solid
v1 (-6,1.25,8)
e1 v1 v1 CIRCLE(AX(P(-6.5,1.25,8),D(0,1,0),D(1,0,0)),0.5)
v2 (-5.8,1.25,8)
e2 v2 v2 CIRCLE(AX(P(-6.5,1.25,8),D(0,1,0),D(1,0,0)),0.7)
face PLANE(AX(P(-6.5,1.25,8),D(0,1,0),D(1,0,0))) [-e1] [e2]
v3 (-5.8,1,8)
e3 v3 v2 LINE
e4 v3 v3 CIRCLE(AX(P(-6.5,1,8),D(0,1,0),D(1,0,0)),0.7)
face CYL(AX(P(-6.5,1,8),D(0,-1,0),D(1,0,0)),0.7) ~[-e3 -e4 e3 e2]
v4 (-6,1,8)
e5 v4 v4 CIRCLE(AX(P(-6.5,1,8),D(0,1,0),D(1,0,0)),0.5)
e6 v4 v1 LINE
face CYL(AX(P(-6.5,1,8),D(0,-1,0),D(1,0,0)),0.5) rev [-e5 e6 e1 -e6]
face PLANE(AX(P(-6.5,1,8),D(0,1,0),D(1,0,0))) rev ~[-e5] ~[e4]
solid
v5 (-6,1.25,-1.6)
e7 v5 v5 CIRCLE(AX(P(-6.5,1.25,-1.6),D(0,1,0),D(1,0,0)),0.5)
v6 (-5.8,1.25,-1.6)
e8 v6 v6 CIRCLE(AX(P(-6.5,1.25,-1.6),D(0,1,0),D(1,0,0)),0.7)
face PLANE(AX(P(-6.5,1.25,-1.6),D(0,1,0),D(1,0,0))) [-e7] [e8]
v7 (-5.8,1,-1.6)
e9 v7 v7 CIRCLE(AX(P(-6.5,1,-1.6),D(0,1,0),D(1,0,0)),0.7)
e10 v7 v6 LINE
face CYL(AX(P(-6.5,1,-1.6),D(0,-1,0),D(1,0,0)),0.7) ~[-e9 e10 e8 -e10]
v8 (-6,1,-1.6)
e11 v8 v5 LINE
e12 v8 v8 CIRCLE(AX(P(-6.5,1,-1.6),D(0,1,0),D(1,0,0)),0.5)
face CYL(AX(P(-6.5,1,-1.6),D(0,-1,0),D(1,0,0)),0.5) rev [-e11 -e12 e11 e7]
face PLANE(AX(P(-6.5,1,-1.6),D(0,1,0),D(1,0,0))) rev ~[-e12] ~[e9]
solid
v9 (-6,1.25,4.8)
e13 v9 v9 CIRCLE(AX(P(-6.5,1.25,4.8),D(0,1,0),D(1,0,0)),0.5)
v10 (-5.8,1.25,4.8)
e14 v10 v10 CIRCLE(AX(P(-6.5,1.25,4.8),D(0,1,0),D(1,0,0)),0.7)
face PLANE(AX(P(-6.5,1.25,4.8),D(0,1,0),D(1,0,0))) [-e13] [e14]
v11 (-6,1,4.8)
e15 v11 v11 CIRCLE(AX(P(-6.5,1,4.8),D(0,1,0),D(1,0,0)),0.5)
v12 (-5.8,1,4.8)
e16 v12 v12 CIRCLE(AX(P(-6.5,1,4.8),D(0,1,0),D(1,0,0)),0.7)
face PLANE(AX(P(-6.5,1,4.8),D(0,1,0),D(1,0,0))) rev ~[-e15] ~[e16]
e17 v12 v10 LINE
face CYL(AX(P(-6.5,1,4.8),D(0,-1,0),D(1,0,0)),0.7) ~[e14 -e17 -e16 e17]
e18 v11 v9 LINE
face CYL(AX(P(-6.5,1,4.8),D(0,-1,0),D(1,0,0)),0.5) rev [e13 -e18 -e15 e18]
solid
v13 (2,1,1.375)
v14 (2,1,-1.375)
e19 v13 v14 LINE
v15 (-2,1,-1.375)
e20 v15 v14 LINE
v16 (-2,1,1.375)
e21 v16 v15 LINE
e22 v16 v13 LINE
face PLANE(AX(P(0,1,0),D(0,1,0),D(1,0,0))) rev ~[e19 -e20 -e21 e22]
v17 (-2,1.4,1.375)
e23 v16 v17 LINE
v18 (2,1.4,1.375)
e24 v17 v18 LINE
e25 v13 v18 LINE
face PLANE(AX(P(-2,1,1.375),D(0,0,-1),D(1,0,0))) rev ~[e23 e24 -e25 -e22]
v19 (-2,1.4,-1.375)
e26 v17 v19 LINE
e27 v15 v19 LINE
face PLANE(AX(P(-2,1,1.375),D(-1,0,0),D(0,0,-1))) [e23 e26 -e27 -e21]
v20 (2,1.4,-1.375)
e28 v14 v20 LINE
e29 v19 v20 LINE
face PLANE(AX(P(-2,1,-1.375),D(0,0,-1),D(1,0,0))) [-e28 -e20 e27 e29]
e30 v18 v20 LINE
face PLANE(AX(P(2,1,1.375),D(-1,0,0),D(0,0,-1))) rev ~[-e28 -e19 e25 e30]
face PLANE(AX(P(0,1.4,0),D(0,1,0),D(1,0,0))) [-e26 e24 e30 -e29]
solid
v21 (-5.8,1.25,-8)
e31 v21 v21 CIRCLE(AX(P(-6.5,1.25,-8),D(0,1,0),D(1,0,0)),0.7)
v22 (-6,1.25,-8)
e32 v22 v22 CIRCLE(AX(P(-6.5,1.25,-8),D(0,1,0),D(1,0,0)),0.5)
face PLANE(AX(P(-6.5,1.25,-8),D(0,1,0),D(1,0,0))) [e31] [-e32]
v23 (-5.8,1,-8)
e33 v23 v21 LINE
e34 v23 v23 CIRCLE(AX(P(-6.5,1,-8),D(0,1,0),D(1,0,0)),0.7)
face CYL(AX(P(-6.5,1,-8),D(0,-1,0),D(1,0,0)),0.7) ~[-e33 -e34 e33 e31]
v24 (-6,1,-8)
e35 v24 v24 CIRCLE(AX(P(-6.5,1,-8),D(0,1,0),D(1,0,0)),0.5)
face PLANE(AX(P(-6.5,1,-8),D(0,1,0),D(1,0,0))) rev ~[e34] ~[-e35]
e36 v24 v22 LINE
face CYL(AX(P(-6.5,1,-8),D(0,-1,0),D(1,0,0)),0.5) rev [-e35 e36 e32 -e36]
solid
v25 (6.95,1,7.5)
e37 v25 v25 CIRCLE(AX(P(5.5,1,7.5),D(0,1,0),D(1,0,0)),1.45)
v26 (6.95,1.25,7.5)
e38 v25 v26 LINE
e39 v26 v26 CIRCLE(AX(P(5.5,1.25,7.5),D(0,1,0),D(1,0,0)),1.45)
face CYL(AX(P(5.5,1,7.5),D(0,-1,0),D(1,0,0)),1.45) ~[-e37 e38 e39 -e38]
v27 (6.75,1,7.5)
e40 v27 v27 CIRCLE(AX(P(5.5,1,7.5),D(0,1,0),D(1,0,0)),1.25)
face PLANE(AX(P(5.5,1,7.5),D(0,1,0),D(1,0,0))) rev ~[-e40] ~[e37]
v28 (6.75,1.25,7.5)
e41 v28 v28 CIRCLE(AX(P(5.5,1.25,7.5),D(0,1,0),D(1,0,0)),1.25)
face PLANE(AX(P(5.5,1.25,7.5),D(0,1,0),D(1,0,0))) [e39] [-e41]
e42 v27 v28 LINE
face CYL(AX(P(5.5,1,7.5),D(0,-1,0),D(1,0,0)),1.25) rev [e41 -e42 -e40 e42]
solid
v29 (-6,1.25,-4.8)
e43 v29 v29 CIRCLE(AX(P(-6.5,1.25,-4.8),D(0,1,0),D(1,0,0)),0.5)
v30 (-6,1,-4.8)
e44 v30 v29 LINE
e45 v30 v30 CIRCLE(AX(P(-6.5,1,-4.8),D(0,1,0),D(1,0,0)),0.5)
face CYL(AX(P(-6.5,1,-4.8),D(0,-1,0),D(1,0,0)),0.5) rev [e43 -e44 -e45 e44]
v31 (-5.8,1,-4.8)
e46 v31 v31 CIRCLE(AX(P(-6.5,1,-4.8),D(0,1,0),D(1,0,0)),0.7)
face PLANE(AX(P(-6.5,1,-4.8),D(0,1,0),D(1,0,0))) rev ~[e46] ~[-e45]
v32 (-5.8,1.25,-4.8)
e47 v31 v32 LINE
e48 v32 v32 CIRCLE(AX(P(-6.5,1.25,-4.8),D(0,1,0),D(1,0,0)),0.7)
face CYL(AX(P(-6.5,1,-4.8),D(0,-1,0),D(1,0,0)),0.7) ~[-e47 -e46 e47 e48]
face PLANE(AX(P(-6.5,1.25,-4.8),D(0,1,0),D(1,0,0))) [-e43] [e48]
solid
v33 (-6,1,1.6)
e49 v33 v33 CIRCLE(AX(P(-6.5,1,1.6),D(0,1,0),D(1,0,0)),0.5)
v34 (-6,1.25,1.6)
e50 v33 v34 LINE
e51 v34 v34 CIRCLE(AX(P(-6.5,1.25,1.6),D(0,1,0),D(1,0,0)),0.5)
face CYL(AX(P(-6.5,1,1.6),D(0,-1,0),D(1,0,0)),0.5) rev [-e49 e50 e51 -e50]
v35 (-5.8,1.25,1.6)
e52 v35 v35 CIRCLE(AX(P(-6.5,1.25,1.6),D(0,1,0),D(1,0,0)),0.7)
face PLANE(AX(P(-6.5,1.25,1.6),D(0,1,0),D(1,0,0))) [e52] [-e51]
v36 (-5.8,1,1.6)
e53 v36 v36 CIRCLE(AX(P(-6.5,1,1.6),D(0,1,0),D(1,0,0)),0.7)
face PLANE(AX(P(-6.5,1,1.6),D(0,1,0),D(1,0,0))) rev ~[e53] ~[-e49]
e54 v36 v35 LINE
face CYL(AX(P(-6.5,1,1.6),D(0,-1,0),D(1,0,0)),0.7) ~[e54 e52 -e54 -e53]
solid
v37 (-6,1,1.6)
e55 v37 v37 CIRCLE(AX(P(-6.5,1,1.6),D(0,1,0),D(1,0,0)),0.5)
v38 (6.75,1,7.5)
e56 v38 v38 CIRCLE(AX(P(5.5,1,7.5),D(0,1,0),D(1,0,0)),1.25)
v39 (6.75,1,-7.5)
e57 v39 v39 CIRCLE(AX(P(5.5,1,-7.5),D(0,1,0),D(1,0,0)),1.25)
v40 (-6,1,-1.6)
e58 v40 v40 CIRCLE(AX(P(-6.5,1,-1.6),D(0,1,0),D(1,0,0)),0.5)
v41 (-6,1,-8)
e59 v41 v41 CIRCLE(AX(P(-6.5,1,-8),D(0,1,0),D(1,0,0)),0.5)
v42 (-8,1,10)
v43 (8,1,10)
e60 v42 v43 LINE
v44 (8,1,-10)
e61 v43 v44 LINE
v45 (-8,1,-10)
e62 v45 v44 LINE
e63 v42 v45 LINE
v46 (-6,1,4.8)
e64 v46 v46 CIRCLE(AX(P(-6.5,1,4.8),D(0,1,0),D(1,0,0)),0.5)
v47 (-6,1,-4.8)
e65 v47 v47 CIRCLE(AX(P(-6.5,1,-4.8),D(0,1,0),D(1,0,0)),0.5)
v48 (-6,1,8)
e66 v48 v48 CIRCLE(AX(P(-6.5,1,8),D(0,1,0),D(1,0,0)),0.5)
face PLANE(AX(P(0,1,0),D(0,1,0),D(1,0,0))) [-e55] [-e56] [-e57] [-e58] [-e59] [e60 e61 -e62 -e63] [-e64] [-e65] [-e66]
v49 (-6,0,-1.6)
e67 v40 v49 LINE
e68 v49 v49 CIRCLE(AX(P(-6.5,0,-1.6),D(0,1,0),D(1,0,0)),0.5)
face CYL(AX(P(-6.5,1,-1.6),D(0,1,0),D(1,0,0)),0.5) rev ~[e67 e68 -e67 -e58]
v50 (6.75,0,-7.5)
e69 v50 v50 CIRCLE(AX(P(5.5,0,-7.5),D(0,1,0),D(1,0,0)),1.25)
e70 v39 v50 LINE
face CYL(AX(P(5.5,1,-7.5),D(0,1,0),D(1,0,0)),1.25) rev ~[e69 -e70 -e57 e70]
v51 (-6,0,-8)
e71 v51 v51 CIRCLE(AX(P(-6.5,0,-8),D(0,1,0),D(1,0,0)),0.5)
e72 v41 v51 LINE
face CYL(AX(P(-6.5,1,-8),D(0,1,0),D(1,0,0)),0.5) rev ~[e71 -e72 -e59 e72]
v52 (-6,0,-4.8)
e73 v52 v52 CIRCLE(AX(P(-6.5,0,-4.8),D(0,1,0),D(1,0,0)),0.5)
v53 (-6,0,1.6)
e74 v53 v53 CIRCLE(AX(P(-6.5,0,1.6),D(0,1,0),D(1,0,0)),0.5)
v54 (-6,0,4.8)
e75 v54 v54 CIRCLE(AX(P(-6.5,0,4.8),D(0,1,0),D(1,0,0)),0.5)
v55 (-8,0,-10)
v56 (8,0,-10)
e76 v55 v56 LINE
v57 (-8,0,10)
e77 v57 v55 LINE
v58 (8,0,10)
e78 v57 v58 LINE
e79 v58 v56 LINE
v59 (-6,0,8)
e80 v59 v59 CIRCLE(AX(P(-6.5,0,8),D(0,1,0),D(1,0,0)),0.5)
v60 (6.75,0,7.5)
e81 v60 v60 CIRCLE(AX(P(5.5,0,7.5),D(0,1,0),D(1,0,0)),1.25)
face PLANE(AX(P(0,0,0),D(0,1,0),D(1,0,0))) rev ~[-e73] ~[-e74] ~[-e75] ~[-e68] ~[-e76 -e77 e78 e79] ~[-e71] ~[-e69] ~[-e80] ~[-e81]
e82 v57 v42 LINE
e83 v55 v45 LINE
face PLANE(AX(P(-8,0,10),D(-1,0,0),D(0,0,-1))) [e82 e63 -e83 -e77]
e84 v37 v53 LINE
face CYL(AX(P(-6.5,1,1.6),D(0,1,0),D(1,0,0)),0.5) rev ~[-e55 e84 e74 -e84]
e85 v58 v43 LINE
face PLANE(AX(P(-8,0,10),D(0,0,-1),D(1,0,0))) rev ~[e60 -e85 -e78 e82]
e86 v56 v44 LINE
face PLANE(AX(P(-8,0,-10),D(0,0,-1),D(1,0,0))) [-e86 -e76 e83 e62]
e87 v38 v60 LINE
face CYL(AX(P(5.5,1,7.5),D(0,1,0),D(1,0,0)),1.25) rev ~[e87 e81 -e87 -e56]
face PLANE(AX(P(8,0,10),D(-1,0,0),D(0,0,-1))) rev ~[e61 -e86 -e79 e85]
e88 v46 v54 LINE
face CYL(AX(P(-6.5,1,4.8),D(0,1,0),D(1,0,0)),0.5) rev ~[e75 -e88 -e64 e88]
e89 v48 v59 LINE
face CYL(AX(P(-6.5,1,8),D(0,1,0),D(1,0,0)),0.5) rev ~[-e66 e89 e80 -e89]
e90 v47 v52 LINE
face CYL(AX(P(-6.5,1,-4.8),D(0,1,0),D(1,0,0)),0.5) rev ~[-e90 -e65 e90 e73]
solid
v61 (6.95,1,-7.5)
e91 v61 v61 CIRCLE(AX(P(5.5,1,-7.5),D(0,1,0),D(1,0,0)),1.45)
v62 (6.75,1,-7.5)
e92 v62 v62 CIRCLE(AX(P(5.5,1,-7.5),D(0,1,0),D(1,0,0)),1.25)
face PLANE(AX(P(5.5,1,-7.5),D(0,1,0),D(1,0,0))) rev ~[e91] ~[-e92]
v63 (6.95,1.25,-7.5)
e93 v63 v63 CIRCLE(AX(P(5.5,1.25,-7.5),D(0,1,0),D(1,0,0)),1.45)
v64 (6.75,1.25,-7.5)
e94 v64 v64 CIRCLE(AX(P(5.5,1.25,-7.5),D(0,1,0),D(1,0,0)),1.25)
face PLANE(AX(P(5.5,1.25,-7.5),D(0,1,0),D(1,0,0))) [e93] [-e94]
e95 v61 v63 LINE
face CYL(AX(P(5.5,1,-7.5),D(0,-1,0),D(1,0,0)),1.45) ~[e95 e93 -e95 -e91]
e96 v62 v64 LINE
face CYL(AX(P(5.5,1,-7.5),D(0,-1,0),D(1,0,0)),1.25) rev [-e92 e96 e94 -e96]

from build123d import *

# Parameters (mm, degrees)
SKETCH1_W             = 16
SKETCH1_H             = 20
BOSS_EXTRUDE1_DEPTH   = 1
SKETCH2_R             = 0.5
SKETCH2_R_2           = 1.25
CUT_EXTRUDE1_DEPTH    = 1
SKETCH3_R             = 1.45
SKETCH3_R_2           = 1.25
BOSS_EXTRUDE2_DEPTH   = 0.25
BOSS_EXTRUDE2_2_DEPTH = 0.25
SKETCH3_R_3           = 0.7
SKETCH3_R_4           = 0.5
BOSS_EXTRUDE2_3_DEPTH = 0.25
BOSS_EXTRUDE2_4_DEPTH = 0.25
BOSS_EXTRUDE2_5_DEPTH = 0.25
BOSS_EXTRUDE2_6_DEPTH = 0.25
BOSS_EXTRUDE2_7_DEPTH = 0.25
BOSS_EXTRUDE2_8_DEPTH = 0.25
SKETCH4_W             = 4
SKETCH4_H             = 2.75
BOSS_EXTRUDE3_DEPTH   = 0.4


with BuildPart() as part:
    # Sketch1 → Boss-Extrude1 (new body)
    with BuildSketch(Plane(origin=(0, 0, 0), x_dir=(1, 0, 0), z_dir=(0, 1, 0))):
        Rectangle(SKETCH1_W, SKETCH1_H)
    extrude(amount=BOSS_EXTRUDE1_DEPTH)

    # Sketch2 → Cut-Extrude1 (cut)
    with BuildSketch(Plane(origin=(0, 1, 0), x_dir=(1, 0, 0), z_dir=(0, 1, 0))):
        with Locations((-6.5, 8)):
            Circle(SKETCH2_R)
        with Locations((-6.5, 4.8)):
            Circle(SKETCH2_R)
        with Locations((-6.5, 1.6)):
            Circle(SKETCH2_R)
        with Locations((-6.5, -1.6)):
            Circle(SKETCH2_R)
        with Locations((-6.5, -4.8)):
            Circle(SKETCH2_R)
        with Locations((-6.5, -8)):
            Circle(SKETCH2_R)
        with Locations((5.5, 7.5)):
            Circle(SKETCH2_R_2)
        with Locations((5.5, -7.5)):
            Circle(SKETCH2_R_2)
    extrude(amount=-CUT_EXTRUDE1_DEPTH, mode=Mode.SUBTRACT)


with BuildPart() as body_2:
    # Sketch3 → Boss-Extrude2 (new body)
    with BuildSketch(Plane(origin=(0, 1, 0), x_dir=(1, 0, 0), z_dir=(0, 1, 0))):
        with Locations((5.5, -7.5)):
            Circle(SKETCH3_R)
        with Locations((5.5, -7.5)):
            Circle(SKETCH3_R_2, mode=Mode.SUBTRACT)
    extrude(amount=BOSS_EXTRUDE2_DEPTH)


with BuildPart() as body_3:
    # Sketch3 → Boss-Extrude2 2 (new body)
    with BuildSketch(Plane(origin=(0, 1, 0), x_dir=(1, 0, 0), z_dir=(0, 1, 0))):
        with Locations((5.5, 7.5)):
            Circle(SKETCH3_R)
        with Locations((5.5, 7.5)):
            Circle(SKETCH3_R_2, mode=Mode.SUBTRACT)
    extrude(amount=BOSS_EXTRUDE2_2_DEPTH)


with BuildPart() as body_4:
    # Sketch3 → Boss-Extrude2 3 (new body)
    with BuildSketch(Plane(origin=(0, 1, 0), x_dir=(1, 0, 0), z_dir=(0, 1, 0))):
        with Locations((-6.5, -8)):
            Circle(SKETCH3_R_3)
        with Locations((-6.5, -8)):
            Circle(SKETCH3_R_4, mode=Mode.SUBTRACT)
    extrude(amount=BOSS_EXTRUDE2_3_DEPTH)


with BuildPart() as body_5:
    # Sketch3 → Boss-Extrude2 4 (new body)
    with BuildSketch(Plane(origin=(0, 1, 0), x_dir=(1, 0, 0), z_dir=(0, 1, 0))):
        with Locations((-6.5, -4.8)):
            Circle(SKETCH3_R_3)
        with Locations((-6.5, -4.8)):
            Circle(SKETCH3_R_4, mode=Mode.SUBTRACT)
    extrude(amount=BOSS_EXTRUDE2_4_DEPTH)


with BuildPart() as body_6:
    # Sketch3 → Boss-Extrude2 5 (new body)
    with BuildSketch(Plane(origin=(0, 1, 0), x_dir=(1, 0, 0), z_dir=(0, 1, 0))):
        with Locations((-6.5, -1.6)):
            Circle(SKETCH3_R_3)
        with Locations((-6.5, -1.6)):
            Circle(SKETCH3_R_4, mode=Mode.SUBTRACT)
    extrude(amount=BOSS_EXTRUDE2_5_DEPTH)


with BuildPart() as body_7:
    # Sketch3 → Boss-Extrude2 6 (new body)
    with BuildSketch(Plane(origin=(0, 1, 0), x_dir=(1, 0, 0), z_dir=(0, 1, 0))):
        with Locations((-6.5, 1.6)):
            Circle(SKETCH3_R_3)
        with Locations((-6.5, 1.6)):
            Circle(SKETCH3_R_4, mode=Mode.SUBTRACT)
    extrude(amount=BOSS_EXTRUDE2_6_DEPTH)


with BuildPart() as body_8:
    # Sketch3 → Boss-Extrude2 7 (new body)
    with BuildSketch(Plane(origin=(0, 1, 0), x_dir=(1, 0, 0), z_dir=(0, 1, 0))):
        with Locations((-6.5, 4.8)):
            Circle(SKETCH3_R_3)
        with Locations((-6.5, 4.8)):
            Circle(SKETCH3_R_4, mode=Mode.SUBTRACT)
    extrude(amount=BOSS_EXTRUDE2_7_DEPTH)


with BuildPart() as body_9:
    # Sketch3 → Boss-Extrude2 8 (new body)
    with BuildSketch(Plane(origin=(0, 1, 0), x_dir=(1, 0, 0), z_dir=(0, 1, 0))):
        with Locations((-6.5, 8)):
            Circle(SKETCH3_R_3)
        with Locations((-6.5, 8)):
            Circle(SKETCH3_R_4, mode=Mode.SUBTRACT)
    extrude(amount=BOSS_EXTRUDE2_8_DEPTH)


with BuildPart() as body_10:
    # Sketch4 → Boss-Extrude3 (new body)
    with BuildSketch(Plane(origin=(0, 1, 0), x_dir=(1, 0, 0), z_dir=(0, 1, 0))):
        Rectangle(SKETCH4_W, SKETCH4_H)
    extrude(amount=BOSS_EXTRUDE3_DEPTH)


solid = Compound([part.part, body_2.part, body_3.part, body_4.part, body_5.part, body_6.part, body_7.part, body_8.part, body_9.part, body_10.part])
